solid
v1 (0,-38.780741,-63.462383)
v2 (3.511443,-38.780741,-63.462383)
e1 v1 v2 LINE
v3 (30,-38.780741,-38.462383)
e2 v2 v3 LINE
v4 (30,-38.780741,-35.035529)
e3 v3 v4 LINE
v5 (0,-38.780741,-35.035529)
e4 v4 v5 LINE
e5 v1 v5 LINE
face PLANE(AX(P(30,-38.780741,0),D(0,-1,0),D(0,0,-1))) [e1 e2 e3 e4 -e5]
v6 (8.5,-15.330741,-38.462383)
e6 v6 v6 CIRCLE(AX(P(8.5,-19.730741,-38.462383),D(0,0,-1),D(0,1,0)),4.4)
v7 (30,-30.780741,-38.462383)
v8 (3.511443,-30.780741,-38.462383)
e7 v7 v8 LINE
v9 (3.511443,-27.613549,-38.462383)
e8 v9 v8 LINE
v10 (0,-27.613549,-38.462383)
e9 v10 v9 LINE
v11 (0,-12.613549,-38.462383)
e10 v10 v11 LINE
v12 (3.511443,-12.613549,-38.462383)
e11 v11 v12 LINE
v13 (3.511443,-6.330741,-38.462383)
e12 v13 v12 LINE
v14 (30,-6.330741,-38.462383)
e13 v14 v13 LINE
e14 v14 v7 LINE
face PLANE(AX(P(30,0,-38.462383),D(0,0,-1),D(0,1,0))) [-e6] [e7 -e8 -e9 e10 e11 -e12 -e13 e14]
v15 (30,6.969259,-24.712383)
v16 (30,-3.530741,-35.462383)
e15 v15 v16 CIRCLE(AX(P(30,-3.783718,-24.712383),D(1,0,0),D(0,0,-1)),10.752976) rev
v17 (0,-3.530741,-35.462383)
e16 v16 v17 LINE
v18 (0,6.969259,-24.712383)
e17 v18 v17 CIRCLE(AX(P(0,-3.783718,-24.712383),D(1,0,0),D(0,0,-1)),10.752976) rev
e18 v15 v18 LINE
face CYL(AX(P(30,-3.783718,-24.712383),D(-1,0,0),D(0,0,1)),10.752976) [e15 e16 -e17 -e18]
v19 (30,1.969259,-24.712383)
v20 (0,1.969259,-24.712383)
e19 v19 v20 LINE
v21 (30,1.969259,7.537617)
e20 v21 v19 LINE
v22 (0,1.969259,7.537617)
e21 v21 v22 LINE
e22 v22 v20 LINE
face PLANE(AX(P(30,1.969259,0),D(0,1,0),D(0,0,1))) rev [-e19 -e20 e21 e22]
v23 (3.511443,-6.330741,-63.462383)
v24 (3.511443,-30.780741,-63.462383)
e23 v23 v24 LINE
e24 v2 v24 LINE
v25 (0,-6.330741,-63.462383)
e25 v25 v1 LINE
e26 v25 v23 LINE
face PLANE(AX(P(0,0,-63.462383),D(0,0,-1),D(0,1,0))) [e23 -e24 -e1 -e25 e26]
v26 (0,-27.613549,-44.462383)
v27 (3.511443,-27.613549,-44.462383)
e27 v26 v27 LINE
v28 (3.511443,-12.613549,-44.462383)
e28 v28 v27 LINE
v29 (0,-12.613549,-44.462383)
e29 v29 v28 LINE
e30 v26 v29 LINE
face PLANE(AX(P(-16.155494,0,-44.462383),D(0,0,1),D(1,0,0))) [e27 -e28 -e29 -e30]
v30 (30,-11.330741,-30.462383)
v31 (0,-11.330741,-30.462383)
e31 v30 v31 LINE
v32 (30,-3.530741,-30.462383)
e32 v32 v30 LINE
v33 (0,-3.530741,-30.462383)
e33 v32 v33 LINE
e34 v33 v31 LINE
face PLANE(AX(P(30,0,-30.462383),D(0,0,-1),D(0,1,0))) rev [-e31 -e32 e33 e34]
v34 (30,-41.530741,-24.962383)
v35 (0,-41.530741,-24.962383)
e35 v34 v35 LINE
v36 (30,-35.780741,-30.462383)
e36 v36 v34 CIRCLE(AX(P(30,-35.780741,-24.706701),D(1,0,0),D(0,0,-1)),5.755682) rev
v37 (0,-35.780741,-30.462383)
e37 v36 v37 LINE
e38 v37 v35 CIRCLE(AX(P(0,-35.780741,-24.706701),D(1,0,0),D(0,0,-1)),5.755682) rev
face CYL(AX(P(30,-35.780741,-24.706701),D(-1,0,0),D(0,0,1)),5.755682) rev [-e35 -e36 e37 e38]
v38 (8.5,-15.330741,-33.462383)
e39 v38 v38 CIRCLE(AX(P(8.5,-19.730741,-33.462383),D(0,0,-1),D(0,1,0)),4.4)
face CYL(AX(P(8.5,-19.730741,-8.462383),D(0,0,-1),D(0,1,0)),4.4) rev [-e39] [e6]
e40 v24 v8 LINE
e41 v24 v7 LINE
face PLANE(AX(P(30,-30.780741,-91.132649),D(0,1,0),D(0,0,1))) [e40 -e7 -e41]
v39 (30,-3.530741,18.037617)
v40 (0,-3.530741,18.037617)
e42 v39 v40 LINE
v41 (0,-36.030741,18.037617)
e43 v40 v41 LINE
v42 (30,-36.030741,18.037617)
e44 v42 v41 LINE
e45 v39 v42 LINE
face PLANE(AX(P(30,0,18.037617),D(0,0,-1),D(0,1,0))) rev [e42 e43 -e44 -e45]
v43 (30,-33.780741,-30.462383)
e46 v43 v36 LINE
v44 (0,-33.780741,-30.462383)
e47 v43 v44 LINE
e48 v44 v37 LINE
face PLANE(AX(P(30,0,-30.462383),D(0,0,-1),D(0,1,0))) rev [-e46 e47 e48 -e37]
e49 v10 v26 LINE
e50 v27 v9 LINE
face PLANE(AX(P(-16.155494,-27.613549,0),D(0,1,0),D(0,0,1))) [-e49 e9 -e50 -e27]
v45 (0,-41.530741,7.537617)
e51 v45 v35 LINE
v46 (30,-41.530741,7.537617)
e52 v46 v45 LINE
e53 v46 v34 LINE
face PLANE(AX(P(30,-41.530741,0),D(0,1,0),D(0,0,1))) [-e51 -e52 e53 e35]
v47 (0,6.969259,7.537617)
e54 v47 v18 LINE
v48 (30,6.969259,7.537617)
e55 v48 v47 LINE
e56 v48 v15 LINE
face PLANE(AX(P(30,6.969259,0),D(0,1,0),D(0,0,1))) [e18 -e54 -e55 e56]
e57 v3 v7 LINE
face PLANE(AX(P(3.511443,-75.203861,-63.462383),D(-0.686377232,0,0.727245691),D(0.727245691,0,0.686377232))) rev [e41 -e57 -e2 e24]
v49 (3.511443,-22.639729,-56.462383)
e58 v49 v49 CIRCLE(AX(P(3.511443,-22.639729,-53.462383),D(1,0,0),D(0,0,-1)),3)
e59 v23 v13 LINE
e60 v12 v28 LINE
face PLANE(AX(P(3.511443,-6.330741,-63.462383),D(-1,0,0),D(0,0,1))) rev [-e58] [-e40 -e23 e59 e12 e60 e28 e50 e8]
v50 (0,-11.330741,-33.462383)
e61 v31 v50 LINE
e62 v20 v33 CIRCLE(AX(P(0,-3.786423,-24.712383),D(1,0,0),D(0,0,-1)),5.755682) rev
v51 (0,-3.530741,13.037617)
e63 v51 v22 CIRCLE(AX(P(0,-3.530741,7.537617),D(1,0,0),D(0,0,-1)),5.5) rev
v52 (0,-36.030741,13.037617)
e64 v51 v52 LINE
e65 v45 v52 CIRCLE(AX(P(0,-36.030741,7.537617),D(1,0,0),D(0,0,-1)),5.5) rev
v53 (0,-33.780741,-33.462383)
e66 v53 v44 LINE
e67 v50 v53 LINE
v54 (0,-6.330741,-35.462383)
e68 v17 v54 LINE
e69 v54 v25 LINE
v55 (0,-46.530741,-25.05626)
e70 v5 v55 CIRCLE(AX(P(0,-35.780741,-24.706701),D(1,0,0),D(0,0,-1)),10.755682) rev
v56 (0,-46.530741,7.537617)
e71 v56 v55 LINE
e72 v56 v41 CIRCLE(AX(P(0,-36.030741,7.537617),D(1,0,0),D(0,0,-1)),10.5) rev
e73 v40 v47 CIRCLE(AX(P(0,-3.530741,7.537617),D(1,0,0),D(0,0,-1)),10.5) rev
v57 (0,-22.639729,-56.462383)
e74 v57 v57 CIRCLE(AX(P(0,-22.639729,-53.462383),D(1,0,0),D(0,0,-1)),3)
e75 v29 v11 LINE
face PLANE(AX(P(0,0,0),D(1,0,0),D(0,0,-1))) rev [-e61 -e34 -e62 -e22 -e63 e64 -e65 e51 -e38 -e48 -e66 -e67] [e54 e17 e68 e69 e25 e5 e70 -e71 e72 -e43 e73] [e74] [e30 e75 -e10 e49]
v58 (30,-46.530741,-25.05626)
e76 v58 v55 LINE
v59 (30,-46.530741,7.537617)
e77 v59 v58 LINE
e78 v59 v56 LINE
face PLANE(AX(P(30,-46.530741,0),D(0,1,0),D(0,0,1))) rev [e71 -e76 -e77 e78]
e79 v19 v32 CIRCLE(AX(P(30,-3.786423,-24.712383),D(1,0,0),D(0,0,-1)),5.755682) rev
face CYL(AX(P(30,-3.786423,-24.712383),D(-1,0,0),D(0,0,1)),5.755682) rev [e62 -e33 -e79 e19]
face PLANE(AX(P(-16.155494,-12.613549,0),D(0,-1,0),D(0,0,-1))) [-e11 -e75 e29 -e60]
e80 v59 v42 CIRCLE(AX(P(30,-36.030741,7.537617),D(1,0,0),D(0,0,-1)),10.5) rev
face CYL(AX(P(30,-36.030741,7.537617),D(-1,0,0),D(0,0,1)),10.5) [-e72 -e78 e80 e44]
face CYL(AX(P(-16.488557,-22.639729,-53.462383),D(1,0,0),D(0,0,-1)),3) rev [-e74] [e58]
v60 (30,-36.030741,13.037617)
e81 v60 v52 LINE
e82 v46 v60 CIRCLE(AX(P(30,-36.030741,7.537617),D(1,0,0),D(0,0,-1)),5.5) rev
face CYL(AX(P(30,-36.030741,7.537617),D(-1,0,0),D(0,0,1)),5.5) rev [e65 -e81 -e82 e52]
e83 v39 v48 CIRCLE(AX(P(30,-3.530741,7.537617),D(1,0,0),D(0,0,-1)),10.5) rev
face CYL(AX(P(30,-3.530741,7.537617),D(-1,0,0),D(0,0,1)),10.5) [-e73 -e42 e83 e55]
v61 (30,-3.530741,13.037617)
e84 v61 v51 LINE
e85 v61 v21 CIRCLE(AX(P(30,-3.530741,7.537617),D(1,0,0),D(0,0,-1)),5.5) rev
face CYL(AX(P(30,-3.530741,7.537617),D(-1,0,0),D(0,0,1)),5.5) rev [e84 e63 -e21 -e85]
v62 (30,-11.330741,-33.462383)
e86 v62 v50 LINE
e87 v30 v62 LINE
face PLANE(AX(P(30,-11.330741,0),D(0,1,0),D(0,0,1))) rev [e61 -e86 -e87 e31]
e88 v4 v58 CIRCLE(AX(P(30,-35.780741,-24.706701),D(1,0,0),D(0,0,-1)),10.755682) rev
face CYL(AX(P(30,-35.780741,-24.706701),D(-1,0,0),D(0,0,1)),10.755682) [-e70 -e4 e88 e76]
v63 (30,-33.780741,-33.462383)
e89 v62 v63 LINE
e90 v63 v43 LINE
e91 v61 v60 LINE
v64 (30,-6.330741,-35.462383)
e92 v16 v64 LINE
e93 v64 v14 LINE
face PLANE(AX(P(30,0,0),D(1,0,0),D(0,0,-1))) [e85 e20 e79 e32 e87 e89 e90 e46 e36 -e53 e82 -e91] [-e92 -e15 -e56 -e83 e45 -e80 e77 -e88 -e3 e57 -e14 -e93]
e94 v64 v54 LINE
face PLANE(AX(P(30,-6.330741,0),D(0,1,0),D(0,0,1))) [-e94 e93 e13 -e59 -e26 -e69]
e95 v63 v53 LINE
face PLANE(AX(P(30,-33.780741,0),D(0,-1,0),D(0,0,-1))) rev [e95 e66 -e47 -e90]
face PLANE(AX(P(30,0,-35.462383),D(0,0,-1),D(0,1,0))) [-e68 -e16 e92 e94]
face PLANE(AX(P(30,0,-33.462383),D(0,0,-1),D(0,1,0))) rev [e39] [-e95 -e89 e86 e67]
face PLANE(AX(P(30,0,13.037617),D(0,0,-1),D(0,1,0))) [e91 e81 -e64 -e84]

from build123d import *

# Parameters (mm, degrees)
BOSS_EXTRUDE1_DEPTH = 30
SKETCH3_R           = 4.4
CUT_EXTRUDE1_DEPTH  = 30
SKETCH4_W           = 3.511443211
SKETCH4_H           = 32.45
BOSS_EXTRUDE2_DEPTH = 25
SKETCH5_R           = 3
CUT_EXTRUDE2_DEPTH  = 20
SKETCH6_W           = 26.488556789
SKETCH6_H           = 8
BOSS_EXTRUDE3_DEPTH = 25
CUT_EXTRUDE5_DEPTH  = 8
SKETCH9_W           = 6
SKETCH9_H           = 15
CUT_EXTRUDE6_DEPTH  = 3.511443


with BuildPart() as part:
    # Sketch1 → Boss-Extrude1 (new body)
    with BuildSketch(Plane(origin=(0, 0, 0), x_dir=(0, 0, -1), z_dir=(1, 0, 0))):
        with BuildLine():
            ThreePointArc((24.712382734, 6.969258669), (32.225912197, 3.9087055), (35.462382734, -3.530741331))
            Line((35.462382734, -3.530741331), (35.462382734, -6.330741331))
            Line((35.462382734, -6.330741331), (38.462382734, -6.330741331))
            Line((38.462382734, -6.330741331), (38.462382734, -38.780741331))
            Line((38.462382734, -38.780741331), (35.035529086, -38.780741331))
            ThreePointArc((35.035529086, -38.780741331), (31.3038679, -44.275567943), (25.056259743, -46.530741331))
            Line((25.056259743, -46.530741331), (-7.537617266, -46.530741331))
            ThreePointArc((-7.537617266, -46.530741331), (-14.962238469, -43.455362534), (-18.037617266, -36.030741331))
            Line((-18.037617266, -36.030741331), (-18.037617266, -3.530741331))
            ThreePointArc((-18.037617266, -3.530741331), (-14.962238469, 3.893879871), (-7.537617266, 6.969258669))
            Line((-7.537617266, 6.969258669), (24.712382734, 6.969258669))
        make_face()
        with BuildLine():
            Line((-13.037617266, -3.530741331), (-13.037617266, -36.030741331))
            ThreePointArc((-13.037617266, -36.030741331), (-11.426704563, -39.919828628), (-7.537617266, -41.530741331))
            Line((-7.537617266, -41.530741331), (24.962382734, -41.530741331))
            ThreePointArc((24.962382734, -41.530741331), (28.865997514, -39.759198947), (30.462382734, -35.780741331))
            Line((30.462382734, -35.780741331), (30.462382734, -33.780741331))
            Line((30.462382734, -33.780741331), (33.462382734, -33.780741331))
            Line((33.462382734, -33.780741331), (33.462382734, -11.330741331))
            Line((33.462382734, -11.330741331), (30.462382734, -11.330741331))
            Line((30.462382734, -11.330741331), (30.462382734, -3.530741331))
            ThreePointArc((30.462382734, -3.530741331), (28.69084035, 0.372873449), (24.712382734, 1.969258669))
            Line((24.712382734, 1.969258669), (-7.537617266, 1.969258669))
            ThreePointArc((-7.537617266, 1.969258669), (-11.426704563, 0.358345965), (-13.037617266, -3.530741331))
        make_face(mode=Mode.SUBTRACT)
    extrude(amount=BOSS_EXTRUDE1_DEPTH)

    # Sketch3 → Cut-Extrude1 (cut)
    with BuildSketch(Plane(origin=(0, 0, -38.462382734), x_dir=(-1, 0, 0), z_dir=(0, 0, -1))):
        with Locations((-8.5, -19.730741331)):
            Circle(SKETCH3_R)
    extrude(amount=-CUT_EXTRUDE1_DEPTH, mode=Mode.SUBTRACT)

    # Sketch4 → Boss-Extrude2 (add)
    with BuildSketch(Plane(origin=(0, 0, -38.462382734), x_dir=(-1, 0, 0), z_dir=(0, 0, -1))):
        with Locations((-1.755721606, -22.555741331)):
            Rectangle(SKETCH4_W, SKETCH4_H)
    extrude(amount=BOSS_EXTRUDE2_DEPTH)

    # Sketch5 → Cut-Extrude2 (cut)
    with BuildSketch(Plane(origin=(3.511443211, 0, 0), x_dir=(0, 0, -1), z_dir=(1, 0, 0))):
        with Locations((53.462382734, -22.639729025)):
            Circle(SKETCH5_R)
    extrude(amount=-CUT_EXTRUDE2_DEPTH, mode=Mode.SUBTRACT)

    # Sketch6 → Boss-Extrude3 (add)
    with BuildSketch(Plane(origin=(0, 0, -38.462382734), x_dir=(-1, 0, 0), z_dir=(0, 0, -1))):
        with Locations((-16.755721606, -34.780741331)):
            Rectangle(SKETCH6_W, SKETCH6_H)
    extrude(amount=BOSS_EXTRUDE3_DEPTH)

    # Sketch8 → Cut-Extrude5 (cut)
    with BuildSketch(Plane(origin=(0, -30.780741331, 0), x_dir=(1, 0, 0), z_dir=(0, 1, 0))):
        Polygon((3.511443211, 63.462382734), (30, 38.462382734), (30, 63.462382734), align=None)
    extrude(amount=-CUT_EXTRUDE5_DEPTH, mode=Mode.SUBTRACT)

    # Sketch9 → Cut-Extrude6 (cut)
    with BuildSketch(Plane(origin=(3.511443211, 0, 0), x_dir=(0, 0, -1), z_dir=(1, 0, 0))):
        with Locations((41.462382734, -20.113548678)):
            Rectangle(SKETCH9_W, SKETCH9_H)
    extrude(amount=-CUT_EXTRUDE6_DEPTH, mode=Mode.SUBTRACT)


solid = part.part
